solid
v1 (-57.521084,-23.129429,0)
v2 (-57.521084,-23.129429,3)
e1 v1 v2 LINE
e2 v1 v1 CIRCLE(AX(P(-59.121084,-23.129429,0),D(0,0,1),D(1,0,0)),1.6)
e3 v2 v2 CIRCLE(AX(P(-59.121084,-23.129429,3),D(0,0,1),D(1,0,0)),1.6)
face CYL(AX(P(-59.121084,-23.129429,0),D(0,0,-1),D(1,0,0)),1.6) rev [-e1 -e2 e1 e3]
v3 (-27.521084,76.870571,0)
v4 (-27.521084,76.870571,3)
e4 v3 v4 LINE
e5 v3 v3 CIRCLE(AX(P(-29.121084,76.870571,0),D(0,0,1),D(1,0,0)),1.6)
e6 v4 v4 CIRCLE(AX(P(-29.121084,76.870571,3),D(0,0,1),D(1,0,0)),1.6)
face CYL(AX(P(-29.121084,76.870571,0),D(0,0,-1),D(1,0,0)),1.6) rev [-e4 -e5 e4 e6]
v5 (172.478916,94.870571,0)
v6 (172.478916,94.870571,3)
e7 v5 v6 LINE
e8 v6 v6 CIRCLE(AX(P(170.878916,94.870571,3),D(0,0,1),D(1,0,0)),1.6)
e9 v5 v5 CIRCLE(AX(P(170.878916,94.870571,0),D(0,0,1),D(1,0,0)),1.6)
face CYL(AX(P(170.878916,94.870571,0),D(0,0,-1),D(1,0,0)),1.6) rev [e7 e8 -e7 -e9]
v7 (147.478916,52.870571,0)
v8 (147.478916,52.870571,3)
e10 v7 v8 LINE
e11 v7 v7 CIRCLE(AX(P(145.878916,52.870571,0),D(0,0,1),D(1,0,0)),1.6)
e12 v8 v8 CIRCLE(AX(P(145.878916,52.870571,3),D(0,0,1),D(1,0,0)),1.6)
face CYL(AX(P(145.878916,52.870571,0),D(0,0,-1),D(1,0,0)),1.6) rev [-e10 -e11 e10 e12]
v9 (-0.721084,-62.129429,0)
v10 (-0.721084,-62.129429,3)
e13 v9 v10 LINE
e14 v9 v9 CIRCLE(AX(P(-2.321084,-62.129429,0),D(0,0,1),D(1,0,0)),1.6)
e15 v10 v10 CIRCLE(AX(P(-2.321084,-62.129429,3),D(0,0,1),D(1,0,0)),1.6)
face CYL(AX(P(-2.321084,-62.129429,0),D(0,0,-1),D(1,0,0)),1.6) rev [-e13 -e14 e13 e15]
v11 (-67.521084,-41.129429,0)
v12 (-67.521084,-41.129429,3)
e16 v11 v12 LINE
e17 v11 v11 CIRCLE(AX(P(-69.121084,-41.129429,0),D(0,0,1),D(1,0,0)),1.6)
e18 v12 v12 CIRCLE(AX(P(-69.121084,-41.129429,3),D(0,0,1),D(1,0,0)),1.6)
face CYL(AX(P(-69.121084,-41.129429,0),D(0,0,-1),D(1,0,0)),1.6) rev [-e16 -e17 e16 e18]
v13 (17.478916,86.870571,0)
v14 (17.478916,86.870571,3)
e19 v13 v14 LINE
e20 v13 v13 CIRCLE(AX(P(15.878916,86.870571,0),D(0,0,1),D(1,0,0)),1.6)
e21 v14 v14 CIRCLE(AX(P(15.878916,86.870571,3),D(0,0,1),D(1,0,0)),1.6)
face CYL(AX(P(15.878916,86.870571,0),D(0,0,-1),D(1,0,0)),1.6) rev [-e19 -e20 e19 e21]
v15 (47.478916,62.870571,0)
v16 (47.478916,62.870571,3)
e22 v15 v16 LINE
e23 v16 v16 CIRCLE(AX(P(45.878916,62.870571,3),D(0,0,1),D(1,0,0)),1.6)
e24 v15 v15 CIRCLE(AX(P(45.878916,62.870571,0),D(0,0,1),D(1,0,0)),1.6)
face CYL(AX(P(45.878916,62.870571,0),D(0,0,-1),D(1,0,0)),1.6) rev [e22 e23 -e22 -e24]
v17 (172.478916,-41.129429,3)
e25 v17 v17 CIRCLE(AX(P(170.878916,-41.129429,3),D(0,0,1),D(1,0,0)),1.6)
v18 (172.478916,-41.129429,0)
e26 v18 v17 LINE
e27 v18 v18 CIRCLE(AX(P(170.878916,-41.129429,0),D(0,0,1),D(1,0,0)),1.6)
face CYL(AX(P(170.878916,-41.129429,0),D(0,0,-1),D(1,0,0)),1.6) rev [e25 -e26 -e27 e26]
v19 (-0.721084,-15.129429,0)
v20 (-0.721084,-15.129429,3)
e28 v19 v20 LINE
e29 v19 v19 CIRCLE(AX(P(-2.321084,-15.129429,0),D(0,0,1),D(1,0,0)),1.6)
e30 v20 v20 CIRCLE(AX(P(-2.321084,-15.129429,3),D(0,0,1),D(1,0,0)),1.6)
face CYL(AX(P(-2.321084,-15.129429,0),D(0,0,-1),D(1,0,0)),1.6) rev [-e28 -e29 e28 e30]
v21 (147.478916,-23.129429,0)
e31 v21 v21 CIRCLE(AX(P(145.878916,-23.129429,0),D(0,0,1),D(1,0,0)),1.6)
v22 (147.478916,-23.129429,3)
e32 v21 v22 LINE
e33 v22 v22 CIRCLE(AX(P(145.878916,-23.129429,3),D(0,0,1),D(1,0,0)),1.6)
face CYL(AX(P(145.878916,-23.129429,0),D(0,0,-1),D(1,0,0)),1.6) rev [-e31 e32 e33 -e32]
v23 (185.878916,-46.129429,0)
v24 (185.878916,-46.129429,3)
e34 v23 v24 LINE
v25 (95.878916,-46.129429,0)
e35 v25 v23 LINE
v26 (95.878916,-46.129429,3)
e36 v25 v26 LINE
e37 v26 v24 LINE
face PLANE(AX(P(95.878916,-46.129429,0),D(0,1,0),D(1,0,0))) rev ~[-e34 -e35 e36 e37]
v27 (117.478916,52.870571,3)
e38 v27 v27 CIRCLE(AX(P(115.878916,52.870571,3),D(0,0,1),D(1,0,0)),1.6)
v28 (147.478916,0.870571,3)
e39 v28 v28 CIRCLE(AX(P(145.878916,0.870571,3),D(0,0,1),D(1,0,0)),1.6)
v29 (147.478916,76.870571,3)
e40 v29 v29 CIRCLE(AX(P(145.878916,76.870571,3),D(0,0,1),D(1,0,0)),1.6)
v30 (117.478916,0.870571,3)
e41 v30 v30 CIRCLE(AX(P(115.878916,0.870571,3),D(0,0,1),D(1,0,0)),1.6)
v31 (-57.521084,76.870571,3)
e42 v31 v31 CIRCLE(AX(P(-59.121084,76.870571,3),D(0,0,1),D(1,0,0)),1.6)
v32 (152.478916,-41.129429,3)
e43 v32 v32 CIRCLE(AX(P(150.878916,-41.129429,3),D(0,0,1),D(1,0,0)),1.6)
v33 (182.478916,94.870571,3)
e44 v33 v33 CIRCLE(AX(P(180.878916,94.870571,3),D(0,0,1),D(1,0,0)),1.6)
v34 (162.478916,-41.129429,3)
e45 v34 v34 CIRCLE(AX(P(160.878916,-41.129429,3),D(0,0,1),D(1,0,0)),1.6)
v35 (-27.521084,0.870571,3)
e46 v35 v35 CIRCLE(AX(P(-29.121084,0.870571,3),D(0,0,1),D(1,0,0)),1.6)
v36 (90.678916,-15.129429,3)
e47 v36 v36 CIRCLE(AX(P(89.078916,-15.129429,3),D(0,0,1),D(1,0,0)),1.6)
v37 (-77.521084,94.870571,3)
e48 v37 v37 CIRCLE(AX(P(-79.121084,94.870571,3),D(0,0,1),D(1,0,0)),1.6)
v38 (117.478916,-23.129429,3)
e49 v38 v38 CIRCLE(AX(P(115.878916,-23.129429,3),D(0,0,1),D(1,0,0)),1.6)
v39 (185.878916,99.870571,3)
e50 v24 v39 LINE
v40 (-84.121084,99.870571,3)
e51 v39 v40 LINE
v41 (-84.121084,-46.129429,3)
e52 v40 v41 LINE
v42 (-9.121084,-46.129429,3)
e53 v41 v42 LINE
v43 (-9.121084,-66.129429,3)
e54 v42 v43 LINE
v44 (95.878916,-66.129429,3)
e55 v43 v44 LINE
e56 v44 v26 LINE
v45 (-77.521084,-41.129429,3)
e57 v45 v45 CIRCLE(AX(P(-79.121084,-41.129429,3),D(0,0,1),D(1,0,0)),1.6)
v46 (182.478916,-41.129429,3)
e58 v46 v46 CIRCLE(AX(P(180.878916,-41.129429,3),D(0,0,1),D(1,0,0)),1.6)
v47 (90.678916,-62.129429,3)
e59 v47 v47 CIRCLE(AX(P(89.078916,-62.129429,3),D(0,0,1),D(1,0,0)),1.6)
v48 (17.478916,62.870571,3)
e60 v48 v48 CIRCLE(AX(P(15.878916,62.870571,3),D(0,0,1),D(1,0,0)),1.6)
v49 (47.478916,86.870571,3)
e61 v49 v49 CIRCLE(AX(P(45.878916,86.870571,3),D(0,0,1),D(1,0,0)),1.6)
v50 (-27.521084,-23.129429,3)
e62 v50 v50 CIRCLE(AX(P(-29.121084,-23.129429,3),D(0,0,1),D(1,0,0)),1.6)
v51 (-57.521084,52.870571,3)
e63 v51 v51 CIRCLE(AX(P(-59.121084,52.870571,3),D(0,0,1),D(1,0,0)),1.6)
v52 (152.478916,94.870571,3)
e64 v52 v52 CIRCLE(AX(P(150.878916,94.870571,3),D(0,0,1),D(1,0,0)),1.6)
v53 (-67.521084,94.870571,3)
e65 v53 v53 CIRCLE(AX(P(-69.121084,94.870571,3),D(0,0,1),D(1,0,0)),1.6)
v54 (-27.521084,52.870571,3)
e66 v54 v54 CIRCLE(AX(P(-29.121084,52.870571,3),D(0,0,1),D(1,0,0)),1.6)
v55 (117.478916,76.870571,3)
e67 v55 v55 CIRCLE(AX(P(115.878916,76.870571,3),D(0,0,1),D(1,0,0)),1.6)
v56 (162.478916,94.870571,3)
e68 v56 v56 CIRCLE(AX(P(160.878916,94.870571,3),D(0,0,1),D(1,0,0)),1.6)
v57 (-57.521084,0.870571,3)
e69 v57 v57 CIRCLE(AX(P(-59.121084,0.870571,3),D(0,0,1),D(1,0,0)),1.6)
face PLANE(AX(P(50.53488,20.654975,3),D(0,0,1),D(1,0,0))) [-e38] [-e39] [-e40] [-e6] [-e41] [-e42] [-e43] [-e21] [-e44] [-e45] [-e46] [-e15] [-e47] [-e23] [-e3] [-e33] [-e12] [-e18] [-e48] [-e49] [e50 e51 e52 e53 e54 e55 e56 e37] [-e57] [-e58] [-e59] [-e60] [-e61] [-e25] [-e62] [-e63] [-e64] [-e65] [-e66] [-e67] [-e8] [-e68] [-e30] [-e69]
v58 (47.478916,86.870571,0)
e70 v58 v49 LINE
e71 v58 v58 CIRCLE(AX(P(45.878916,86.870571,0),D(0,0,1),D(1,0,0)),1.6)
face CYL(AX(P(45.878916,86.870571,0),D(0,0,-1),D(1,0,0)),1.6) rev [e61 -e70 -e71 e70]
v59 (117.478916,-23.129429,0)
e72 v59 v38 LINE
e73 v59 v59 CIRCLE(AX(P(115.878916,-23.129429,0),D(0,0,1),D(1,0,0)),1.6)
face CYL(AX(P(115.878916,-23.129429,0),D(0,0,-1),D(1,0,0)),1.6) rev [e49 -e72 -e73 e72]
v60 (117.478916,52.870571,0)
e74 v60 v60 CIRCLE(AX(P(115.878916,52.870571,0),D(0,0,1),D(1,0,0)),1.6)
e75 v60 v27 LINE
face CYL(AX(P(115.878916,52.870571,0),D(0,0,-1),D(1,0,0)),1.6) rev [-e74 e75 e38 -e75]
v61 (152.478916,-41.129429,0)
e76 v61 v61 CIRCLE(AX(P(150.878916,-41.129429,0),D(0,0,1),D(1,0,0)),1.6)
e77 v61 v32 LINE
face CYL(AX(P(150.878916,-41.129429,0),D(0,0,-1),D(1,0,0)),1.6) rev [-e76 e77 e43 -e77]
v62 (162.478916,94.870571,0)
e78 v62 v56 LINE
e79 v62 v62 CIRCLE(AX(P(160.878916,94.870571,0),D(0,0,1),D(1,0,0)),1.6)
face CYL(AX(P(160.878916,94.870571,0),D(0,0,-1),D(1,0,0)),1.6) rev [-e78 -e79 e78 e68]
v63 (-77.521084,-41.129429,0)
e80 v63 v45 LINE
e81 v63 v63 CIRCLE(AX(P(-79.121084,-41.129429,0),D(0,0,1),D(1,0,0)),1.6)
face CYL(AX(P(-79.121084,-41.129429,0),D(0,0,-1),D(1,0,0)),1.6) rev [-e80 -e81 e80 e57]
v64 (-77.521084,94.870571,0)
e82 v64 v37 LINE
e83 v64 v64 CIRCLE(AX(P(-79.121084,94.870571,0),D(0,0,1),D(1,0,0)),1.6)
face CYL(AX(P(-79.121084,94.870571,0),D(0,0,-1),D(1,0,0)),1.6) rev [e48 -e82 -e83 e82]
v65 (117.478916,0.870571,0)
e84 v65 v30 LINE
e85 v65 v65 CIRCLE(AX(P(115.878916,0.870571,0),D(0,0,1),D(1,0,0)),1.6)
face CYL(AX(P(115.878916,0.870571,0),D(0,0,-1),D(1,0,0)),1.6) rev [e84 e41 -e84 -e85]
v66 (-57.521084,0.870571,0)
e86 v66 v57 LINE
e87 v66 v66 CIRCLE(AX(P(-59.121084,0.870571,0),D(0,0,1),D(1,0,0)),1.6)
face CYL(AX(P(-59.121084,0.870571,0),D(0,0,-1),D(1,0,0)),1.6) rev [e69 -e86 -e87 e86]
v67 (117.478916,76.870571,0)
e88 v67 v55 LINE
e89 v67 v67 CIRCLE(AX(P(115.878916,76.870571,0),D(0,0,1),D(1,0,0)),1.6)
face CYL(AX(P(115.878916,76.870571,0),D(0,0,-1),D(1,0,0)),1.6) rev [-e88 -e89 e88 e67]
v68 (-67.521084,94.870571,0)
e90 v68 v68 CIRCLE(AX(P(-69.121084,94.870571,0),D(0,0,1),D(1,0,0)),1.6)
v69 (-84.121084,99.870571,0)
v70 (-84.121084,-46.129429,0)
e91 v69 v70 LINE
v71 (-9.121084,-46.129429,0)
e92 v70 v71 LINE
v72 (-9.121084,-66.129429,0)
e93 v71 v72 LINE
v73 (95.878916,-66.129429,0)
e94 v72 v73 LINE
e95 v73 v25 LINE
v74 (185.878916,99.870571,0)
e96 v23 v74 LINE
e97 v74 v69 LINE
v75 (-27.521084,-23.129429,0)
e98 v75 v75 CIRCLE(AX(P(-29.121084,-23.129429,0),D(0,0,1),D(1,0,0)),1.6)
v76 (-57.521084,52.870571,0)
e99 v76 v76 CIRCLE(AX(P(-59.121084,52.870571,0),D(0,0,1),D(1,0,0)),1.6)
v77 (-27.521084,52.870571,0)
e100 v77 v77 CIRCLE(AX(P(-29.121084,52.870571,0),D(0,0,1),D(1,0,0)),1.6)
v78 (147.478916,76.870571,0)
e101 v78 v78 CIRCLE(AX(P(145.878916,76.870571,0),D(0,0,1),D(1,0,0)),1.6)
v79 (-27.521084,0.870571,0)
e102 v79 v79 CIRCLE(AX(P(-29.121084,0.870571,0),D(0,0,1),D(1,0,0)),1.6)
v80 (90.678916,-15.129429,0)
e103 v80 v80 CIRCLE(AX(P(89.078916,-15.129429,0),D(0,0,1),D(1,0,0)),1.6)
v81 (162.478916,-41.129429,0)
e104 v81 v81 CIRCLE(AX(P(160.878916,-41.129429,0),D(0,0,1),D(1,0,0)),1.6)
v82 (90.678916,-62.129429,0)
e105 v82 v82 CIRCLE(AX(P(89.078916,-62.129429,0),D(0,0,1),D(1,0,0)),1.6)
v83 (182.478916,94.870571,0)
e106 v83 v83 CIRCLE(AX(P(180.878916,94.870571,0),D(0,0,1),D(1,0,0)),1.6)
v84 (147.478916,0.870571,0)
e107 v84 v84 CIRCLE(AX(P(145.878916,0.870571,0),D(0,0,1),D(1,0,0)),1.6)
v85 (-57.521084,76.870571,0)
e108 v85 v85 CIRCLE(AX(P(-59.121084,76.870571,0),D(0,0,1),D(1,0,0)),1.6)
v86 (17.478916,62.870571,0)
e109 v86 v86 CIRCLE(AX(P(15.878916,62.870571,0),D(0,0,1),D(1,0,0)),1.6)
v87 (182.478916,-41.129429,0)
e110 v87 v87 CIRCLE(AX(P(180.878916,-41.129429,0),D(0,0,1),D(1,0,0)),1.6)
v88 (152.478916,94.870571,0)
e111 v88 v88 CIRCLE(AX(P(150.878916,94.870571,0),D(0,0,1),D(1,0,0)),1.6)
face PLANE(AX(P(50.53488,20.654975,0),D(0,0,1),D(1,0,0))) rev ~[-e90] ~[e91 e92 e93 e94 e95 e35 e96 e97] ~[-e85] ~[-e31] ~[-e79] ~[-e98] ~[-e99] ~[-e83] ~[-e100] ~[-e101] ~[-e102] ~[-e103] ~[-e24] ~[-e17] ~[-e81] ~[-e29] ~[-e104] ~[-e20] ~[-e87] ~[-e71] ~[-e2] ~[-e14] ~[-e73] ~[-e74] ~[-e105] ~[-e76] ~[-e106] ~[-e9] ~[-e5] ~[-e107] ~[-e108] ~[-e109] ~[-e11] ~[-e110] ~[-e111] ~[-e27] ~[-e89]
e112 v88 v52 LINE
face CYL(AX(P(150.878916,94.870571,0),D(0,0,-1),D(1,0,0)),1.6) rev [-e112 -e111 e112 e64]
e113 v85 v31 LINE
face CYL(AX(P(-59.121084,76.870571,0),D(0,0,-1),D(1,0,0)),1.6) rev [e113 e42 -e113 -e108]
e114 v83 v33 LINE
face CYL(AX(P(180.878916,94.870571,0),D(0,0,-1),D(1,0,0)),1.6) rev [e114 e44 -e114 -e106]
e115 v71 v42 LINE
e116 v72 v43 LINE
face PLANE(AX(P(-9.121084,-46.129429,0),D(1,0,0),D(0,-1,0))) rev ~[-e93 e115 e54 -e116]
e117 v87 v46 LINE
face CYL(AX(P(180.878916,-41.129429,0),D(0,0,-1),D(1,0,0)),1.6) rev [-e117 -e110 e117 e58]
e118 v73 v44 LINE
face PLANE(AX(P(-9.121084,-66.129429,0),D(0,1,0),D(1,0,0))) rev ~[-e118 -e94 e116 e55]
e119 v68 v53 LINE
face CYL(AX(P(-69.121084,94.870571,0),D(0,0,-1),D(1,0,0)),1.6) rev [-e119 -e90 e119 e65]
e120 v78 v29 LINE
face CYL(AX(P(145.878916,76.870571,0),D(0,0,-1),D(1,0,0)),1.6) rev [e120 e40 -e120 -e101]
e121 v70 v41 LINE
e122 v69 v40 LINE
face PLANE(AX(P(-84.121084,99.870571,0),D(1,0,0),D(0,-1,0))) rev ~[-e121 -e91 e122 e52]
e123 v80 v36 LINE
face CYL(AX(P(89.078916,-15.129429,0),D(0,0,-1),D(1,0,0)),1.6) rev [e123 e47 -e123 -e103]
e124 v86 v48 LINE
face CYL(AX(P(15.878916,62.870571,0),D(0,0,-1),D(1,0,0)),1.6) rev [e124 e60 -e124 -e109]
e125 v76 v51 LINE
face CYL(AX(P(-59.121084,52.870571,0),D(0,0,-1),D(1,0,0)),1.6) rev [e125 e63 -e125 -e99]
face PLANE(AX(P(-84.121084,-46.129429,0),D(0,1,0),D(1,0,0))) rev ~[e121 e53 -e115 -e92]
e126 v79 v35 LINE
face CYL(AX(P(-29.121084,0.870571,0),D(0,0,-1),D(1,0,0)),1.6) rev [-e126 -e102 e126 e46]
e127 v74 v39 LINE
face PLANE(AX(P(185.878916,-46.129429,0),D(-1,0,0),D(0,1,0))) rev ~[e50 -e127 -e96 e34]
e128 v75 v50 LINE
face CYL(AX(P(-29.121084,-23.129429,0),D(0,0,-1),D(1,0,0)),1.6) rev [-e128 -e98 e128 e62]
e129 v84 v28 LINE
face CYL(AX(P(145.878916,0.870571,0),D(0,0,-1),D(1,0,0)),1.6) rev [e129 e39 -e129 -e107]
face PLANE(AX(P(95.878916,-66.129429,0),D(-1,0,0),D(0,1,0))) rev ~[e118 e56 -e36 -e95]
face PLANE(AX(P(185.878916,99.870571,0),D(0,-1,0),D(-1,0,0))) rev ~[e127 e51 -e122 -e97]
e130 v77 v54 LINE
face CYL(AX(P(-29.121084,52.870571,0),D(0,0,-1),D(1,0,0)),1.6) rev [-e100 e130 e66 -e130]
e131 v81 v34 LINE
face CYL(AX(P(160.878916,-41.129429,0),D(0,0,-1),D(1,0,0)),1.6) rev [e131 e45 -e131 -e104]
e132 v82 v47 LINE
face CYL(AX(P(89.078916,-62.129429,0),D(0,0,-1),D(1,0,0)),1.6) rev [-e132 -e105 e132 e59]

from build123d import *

# Parameters (mm, degrees)
SKETCH_1_R      = 1.6
EXTRUDE_1_DEPTH = 3


with BuildPart() as part:
    # 草图1 → 凸台-拉伸1 (new body)
    with BuildSketch(Plane.XY):
        Polygon((165.87891634, -46.129428967), (185.87891634, -46.129428967), (185.87891634, 99.870571033), (165.87891634, 99.870571033), (95.87891634, 99.870571033), (-9.12108366, 99.870571033), (-79.12108366, 99.870571033), (-84.12108366, 99.870571033), (-84.12108366, -46.129428967), (-79.12108366, -46.129428967), (-9.12108366, -46.129428967), (-9.12108366, -66.129428967), (95.87891634, -66.129428967), (95.87891634, -46.129428967), align=None)
        with Locations((-59.12108366, 0.870571033)):
            Circle(SKETCH_1_R, mode=Mode.SUBTRACT)
        with Locations((-29.12108366, 0.870571033)):
            Circle(SKETCH_1_R, mode=Mode.SUBTRACT)
        with Locations((-59.12108366, -23.129428967)):
            Circle(SKETCH_1_R, mode=Mode.SUBTRACT)
        with Locations((-29.12108366, -23.129428967)):
            Circle(SKETCH_1_R, mode=Mode.SUBTRACT)
        with Locations((115.87891634, 0.870571033)):
            Circle(SKETCH_1_R, mode=Mode.SUBTRACT)
        with Locations((145.87891634, 0.870571033)):
            Circle(SKETCH_1_R, mode=Mode.SUBTRACT)
        with Locations((115.87891634, -23.129428967)):
            Circle(SKETCH_1_R, mode=Mode.SUBTRACT)
        with Locations((145.87891634, -23.129428967)):
            Circle(SKETCH_1_R, mode=Mode.SUBTRACT)
        with Locations((-2.32108366, -62.129428967)):
            Circle(SKETCH_1_R, mode=Mode.SUBTRACT)
        with Locations((-2.32108366, -15.129428967)):
            Circle(SKETCH_1_R, mode=Mode.SUBTRACT)
        with Locations((89.07891634, -15.129428967)):
            Circle(SKETCH_1_R, mode=Mode.SUBTRACT)
        with Locations((89.07891634, -62.129428967)):
            Circle(SKETCH_1_R, mode=Mode.SUBTRACT)
        with Locations((145.87891634, 76.870571033)):
            Circle(SKETCH_1_R, mode=Mode.SUBTRACT)
        with Locations((115.87891634, 76.870571033)):
            Circle(SKETCH_1_R, mode=Mode.SUBTRACT)
        with Locations((145.87891634, 52.870571033)):
            Circle(SKETCH_1_R, mode=Mode.SUBTRACT)
        with Locations((115.87891634, 52.870571033)):
            Circle(SKETCH_1_R, mode=Mode.SUBTRACT)
        with Locations((-29.12108366, 76.870571033)):
            Circle(SKETCH_1_R, mode=Mode.SUBTRACT)
        with Locations((-59.12108366, 76.870571033)):
            Circle(SKETCH_1_R, mode=Mode.SUBTRACT)
        with Locations((-29.12108366, 52.870571033)):
            Circle(SKETCH_1_R, mode=Mode.SUBTRACT)
        with Locations((-59.12108366, 52.870571033)):
            Circle(SKETCH_1_R, mode=Mode.SUBTRACT)
        with Locations((15.87891634, 86.870571033)):
            Circle(SKETCH_1_R, mode=Mode.SUBTRACT)
        with Locations((45.87891634, 86.870571033)):
            Circle(SKETCH_1_R, mode=Mode.SUBTRACT)
        with Locations((15.87891634, 62.870571033)):
            Circle(SKETCH_1_R, mode=Mode.SUBTRACT)
        with Locations((45.87891634, 62.870571033)):
            Circle(SKETCH_1_R, mode=Mode.SUBTRACT)
        with Locations((-79.12108366, -41.129428967)):
            Circle(SKETCH_1_R, mode=Mode.SUBTRACT)
        with Locations((-69.12108366, -41.129428967)):
            Circle(SKETCH_1_R, mode=Mode.SUBTRACT)
        with Locations((-79.12108366, 94.870571033)):
            Circle(SKETCH_1_R, mode=Mode.SUBTRACT)
        with Locations((-69.12108366, 94.870571033)):
            Circle(SKETCH_1_R, mode=Mode.SUBTRACT)
        with Locations((180.87891634, -41.129428967)):
            Circle(SKETCH_1_R, mode=Mode.SUBTRACT)
        with Locations((170.87891634, -41.129428967)):
            Circle(SKETCH_1_R, mode=Mode.SUBTRACT)
        with Locations((160.87891634, -41.129428967)):
            Circle(SKETCH_1_R, mode=Mode.SUBTRACT)
        with Locations((150.87891634, -41.129428967)):
            Circle(SKETCH_1_R, mode=Mode.SUBTRACT)
        with Locations((180.87891634, 94.870571033)):
            Circle(SKETCH_1_R, mode=Mode.SUBTRACT)
        with Locations((170.87891634, 94.870571033)):
            Circle(SKETCH_1_R, mode=Mode.SUBTRACT)
        with Locations((160.87891634, 94.870571033)):
            Circle(SKETCH_1_R, mode=Mode.SUBTRACT)
        with Locations((150.87891634, 94.870571033)):
            Circle(SKETCH_1_R, mode=Mode.SUBTRACT)
    extrude(amount=EXTRUDE_1_DEPTH)


solid = part.part
